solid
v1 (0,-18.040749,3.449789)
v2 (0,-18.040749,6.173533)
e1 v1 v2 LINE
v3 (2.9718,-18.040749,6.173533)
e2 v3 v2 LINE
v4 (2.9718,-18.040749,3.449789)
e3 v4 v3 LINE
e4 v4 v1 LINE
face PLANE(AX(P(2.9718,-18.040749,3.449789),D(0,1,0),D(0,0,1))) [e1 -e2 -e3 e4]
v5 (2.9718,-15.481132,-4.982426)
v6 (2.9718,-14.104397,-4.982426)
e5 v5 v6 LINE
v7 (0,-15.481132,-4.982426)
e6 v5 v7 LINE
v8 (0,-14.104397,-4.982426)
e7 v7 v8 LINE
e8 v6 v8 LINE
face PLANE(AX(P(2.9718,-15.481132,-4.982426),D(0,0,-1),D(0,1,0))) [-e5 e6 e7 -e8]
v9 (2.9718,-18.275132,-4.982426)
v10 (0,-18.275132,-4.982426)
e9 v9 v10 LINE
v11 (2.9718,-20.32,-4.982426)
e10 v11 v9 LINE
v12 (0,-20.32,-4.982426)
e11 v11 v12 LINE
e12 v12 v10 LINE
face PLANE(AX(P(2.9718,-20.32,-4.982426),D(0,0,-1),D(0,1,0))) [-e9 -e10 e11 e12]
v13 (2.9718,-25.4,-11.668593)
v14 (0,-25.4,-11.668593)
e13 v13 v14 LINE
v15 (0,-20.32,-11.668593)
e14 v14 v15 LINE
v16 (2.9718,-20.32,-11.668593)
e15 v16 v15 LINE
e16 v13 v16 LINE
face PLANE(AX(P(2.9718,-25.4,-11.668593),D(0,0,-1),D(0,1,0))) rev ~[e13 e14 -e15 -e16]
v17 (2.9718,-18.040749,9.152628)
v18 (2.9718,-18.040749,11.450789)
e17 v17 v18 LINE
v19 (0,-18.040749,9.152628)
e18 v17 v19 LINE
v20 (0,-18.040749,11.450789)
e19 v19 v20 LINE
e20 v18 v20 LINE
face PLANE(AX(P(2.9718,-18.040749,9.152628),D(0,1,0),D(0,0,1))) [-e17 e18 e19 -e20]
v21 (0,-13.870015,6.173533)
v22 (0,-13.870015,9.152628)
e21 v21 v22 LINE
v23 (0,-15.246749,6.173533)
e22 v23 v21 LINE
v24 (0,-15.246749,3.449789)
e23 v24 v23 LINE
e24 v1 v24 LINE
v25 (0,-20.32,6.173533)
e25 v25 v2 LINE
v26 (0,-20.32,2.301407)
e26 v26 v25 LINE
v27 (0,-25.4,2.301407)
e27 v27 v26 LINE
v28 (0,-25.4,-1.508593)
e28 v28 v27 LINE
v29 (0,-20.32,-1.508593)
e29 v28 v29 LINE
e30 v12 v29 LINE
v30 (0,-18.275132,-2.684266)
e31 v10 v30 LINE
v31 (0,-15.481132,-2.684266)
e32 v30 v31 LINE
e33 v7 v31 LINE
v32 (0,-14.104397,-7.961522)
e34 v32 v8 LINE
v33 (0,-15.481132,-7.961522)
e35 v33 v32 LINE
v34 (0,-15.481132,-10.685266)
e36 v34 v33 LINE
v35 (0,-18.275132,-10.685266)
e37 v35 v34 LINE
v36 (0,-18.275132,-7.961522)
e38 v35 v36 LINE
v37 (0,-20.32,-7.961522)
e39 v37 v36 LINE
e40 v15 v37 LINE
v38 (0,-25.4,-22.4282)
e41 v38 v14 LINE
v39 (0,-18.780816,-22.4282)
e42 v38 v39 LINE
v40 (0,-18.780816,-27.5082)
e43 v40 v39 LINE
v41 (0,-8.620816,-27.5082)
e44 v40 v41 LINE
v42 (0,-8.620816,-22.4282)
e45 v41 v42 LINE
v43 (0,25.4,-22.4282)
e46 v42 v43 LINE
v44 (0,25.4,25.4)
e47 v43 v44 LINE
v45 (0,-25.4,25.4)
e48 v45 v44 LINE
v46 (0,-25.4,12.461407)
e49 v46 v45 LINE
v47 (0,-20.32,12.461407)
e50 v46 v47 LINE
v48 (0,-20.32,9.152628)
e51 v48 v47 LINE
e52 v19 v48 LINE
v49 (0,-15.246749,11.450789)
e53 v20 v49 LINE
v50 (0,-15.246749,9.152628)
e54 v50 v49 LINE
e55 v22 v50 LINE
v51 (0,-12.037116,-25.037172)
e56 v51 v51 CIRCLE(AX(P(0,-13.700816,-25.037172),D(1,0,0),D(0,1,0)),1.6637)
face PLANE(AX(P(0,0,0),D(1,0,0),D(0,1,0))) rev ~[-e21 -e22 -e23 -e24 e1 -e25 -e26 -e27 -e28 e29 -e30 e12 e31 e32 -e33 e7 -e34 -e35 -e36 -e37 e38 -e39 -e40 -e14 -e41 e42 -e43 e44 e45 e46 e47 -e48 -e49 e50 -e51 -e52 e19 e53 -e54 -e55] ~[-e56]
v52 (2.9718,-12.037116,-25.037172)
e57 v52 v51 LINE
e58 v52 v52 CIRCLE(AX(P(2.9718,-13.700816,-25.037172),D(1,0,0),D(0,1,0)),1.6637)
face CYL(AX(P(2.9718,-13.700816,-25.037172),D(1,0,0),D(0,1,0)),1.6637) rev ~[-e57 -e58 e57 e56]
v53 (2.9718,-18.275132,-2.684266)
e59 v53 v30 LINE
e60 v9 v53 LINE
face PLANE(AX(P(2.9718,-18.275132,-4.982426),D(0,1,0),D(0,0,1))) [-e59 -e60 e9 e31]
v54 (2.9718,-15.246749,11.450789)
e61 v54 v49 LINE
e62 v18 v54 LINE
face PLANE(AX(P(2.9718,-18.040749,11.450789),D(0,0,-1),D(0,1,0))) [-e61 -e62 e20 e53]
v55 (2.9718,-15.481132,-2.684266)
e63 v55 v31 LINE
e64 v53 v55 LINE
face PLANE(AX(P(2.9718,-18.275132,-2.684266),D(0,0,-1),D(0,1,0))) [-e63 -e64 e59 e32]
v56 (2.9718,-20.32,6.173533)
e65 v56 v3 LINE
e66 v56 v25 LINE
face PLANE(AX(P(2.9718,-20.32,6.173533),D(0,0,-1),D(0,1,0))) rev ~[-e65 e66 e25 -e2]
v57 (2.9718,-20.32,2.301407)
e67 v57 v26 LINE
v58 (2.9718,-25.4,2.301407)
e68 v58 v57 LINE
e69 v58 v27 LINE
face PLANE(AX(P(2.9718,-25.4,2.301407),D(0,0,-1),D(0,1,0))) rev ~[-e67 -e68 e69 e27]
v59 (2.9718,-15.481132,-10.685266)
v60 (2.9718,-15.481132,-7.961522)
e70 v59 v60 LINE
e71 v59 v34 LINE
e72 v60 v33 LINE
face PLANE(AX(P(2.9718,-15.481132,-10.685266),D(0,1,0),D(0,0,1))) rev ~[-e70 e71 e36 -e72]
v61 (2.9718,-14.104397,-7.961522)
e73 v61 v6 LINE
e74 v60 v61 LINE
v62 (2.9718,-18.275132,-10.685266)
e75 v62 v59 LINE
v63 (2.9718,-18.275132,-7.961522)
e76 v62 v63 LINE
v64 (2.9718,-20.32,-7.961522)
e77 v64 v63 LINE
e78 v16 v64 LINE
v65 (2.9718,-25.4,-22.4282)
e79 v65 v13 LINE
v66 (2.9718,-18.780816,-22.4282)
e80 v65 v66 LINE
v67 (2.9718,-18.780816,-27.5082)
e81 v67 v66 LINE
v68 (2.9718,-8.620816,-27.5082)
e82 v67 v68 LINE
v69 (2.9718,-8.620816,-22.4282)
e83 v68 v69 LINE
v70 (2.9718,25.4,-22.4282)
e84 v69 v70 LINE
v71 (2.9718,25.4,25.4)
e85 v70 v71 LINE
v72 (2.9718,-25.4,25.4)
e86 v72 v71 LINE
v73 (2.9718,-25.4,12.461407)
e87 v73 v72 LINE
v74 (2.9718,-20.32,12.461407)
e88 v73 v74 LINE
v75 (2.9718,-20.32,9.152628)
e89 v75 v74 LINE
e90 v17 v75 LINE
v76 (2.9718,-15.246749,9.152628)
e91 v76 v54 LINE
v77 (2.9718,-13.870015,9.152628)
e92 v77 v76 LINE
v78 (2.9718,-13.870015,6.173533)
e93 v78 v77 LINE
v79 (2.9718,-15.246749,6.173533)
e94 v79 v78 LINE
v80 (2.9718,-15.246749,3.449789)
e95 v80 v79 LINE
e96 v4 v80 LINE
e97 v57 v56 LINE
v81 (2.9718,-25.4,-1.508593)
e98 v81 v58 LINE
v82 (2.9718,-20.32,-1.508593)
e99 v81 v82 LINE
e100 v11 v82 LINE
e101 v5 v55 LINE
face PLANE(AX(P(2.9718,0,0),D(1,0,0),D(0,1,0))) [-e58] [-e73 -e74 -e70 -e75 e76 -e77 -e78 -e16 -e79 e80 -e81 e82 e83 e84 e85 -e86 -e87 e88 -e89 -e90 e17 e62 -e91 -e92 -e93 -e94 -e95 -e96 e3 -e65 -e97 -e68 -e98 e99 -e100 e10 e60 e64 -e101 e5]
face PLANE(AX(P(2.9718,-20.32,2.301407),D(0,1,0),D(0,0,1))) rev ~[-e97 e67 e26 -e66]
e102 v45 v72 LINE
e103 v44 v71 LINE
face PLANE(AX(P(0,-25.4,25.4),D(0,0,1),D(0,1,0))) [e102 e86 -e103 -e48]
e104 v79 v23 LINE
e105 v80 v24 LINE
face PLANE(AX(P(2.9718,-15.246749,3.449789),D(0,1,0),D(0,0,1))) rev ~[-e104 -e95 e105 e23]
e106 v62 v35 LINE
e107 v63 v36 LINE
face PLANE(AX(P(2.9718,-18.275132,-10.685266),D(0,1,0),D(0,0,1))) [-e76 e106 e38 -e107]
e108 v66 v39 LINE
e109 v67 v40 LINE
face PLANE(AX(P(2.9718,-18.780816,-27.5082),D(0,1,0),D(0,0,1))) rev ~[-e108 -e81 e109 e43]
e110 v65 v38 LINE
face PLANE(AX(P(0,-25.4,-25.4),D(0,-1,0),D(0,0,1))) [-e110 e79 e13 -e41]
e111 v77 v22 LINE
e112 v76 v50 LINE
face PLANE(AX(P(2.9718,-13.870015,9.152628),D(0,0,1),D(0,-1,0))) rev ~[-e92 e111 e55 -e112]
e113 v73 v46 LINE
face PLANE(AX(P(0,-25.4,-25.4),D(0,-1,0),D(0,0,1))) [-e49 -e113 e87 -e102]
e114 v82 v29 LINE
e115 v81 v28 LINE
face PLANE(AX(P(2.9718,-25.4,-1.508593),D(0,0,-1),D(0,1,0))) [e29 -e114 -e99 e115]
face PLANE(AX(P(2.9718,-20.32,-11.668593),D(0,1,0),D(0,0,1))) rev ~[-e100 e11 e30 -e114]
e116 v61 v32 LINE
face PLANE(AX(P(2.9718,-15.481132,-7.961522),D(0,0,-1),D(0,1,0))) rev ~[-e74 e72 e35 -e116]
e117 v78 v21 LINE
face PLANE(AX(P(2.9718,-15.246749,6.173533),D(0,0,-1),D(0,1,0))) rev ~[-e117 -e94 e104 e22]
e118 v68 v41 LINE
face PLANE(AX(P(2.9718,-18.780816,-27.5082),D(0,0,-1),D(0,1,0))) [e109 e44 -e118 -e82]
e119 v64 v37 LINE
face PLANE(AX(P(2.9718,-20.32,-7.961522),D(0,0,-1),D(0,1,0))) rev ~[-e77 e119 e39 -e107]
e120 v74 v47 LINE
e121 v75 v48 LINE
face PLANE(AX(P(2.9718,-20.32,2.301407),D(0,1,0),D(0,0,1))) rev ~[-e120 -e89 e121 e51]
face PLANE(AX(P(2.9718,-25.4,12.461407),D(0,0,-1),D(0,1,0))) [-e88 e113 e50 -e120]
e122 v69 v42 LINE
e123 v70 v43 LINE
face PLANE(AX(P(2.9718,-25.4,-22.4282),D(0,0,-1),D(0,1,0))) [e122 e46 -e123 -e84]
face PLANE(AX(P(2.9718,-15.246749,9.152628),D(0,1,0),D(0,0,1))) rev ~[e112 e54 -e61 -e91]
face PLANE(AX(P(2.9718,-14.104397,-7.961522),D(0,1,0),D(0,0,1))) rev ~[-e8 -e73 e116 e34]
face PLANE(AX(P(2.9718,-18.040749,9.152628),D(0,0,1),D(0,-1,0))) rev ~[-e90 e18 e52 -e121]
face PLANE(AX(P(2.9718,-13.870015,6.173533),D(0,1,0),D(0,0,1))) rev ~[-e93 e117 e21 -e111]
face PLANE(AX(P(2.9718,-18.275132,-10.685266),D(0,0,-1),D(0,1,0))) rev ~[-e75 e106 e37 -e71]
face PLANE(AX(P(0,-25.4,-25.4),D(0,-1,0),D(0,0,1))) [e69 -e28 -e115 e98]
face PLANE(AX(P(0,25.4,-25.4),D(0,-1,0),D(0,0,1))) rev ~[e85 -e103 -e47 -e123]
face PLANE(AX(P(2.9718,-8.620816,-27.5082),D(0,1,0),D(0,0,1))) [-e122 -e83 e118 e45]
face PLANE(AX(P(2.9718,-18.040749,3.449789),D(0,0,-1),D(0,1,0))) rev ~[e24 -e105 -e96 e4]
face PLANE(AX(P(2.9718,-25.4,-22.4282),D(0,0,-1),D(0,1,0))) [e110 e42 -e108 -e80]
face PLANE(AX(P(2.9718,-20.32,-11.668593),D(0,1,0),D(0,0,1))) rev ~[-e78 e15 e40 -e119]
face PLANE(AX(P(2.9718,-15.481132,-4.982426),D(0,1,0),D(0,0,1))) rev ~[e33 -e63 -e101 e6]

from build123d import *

# Parameters (mm, degrees)
F0_W     = 50.8
F0_H     = 50.8
F1_DEPTH = 2.9718
F2_W     = 5.08
F2_H     = 10.16
F3_DEPTH = 2.9728
F4_W     = 2.2792507852
F4_H     = 2.9790955722
F4_W_2   = 2.794
F4_W_3   = 1.3767347039
F4_H_2   = 2.2981600394
F4_H_3   = 2.7237443884
F4_W_4   = 2.0448682842
F5_DEPTH = 2.9728
F6_W     = 50.8
F6_H     = 2.9718
F7_DEPTH = 25.4
F8_W     = 10.16
F8_H     = 5.08
F8_R     = 1.6637
F9_DEPTH = 2.9718


with BuildPart() as f1:
    # F0 (on Right) → F1 (new body)
    with BuildSketch(Plane.YZ):
        Rectangle(F0_W, F0_H)
    extrude(amount=F1_DEPTH)

    # F2 (on face) → F3 (cut, through all)
    with BuildSketch(Plane.YZ.offset(2.9718)):
        with Locations((-22.86, 7.3814073086)):
            Rectangle(F2_W, F2_H)
        with Locations((-22.86, -6.5885926914)):
            Rectangle(F2_W, F2_H)
    extrude(amount=-F3_DEPTH, mode=Mode.SUBTRACT)

    # F4 (on face) → F5 (cut, through all)
    with BuildSketch(Plane.YZ.offset(2.9718)):
        with Locations((-19.1803746074, 7.6630806953)):
            Rectangle(F4_W, F4_H)
        with Locations((-16.6437492148, 7.6630806953)):
            Rectangle(F4_W_2, F4_H)
        with Locations((-14.5583818629, 7.6630806953)):
            Rectangle(F4_W_3, F4_H)
        with Locations((-16.6437492148, 10.3017085011)):
            Rectangle(F4_W_2, F4_H_2)
        with Locations((-16.6437492148, 4.811660715)):
            Rectangle(F4_W_2, F4_H_3)
        with Locations((-16.8781317158, -3.8333461044)):
            Rectangle(F4_W_2, F4_H_2)
        with Locations((-19.2975658579, -6.4719739102)):
            Rectangle(F4_W_4, F4_H)
        with Locations((-14.7927643638, -6.4719739102)):
            Rectangle(F4_W_3, F4_H)
        with Locations((-16.8781317158, -6.4719739102)):
            Rectangle(F4_W_2, F4_H)
        with Locations((-16.8781317158, -9.3233938905)):
            Rectangle(F4_W_2, F4_H_3)
    extrude(amount=-F5_DEPTH, mode=Mode.SUBTRACT)

    # F6 (on face) → F7 (cut)
    with BuildSketch(Plane.YZ.offset(2.9718)):
        with Locations((0, -23.9141)):
            Rectangle(F6_W, F6_H)
    extrude(amount=-F7_DEPTH, mode=Mode.SUBTRACT)

    # F8 (on face) → F9 (join)
    with BuildSketch(Plane.YZ.offset(2.9718)):
        with Locations((-13.7008163464, -24.9682)):
            Rectangle(F8_W, F8_H)
        with Locations((-13.7008163464, -25.0371717972)):
            Circle(F8_R, mode=Mode.SUBTRACT)
    extrude(amount=-F9_DEPTH)


solid = f1.part
